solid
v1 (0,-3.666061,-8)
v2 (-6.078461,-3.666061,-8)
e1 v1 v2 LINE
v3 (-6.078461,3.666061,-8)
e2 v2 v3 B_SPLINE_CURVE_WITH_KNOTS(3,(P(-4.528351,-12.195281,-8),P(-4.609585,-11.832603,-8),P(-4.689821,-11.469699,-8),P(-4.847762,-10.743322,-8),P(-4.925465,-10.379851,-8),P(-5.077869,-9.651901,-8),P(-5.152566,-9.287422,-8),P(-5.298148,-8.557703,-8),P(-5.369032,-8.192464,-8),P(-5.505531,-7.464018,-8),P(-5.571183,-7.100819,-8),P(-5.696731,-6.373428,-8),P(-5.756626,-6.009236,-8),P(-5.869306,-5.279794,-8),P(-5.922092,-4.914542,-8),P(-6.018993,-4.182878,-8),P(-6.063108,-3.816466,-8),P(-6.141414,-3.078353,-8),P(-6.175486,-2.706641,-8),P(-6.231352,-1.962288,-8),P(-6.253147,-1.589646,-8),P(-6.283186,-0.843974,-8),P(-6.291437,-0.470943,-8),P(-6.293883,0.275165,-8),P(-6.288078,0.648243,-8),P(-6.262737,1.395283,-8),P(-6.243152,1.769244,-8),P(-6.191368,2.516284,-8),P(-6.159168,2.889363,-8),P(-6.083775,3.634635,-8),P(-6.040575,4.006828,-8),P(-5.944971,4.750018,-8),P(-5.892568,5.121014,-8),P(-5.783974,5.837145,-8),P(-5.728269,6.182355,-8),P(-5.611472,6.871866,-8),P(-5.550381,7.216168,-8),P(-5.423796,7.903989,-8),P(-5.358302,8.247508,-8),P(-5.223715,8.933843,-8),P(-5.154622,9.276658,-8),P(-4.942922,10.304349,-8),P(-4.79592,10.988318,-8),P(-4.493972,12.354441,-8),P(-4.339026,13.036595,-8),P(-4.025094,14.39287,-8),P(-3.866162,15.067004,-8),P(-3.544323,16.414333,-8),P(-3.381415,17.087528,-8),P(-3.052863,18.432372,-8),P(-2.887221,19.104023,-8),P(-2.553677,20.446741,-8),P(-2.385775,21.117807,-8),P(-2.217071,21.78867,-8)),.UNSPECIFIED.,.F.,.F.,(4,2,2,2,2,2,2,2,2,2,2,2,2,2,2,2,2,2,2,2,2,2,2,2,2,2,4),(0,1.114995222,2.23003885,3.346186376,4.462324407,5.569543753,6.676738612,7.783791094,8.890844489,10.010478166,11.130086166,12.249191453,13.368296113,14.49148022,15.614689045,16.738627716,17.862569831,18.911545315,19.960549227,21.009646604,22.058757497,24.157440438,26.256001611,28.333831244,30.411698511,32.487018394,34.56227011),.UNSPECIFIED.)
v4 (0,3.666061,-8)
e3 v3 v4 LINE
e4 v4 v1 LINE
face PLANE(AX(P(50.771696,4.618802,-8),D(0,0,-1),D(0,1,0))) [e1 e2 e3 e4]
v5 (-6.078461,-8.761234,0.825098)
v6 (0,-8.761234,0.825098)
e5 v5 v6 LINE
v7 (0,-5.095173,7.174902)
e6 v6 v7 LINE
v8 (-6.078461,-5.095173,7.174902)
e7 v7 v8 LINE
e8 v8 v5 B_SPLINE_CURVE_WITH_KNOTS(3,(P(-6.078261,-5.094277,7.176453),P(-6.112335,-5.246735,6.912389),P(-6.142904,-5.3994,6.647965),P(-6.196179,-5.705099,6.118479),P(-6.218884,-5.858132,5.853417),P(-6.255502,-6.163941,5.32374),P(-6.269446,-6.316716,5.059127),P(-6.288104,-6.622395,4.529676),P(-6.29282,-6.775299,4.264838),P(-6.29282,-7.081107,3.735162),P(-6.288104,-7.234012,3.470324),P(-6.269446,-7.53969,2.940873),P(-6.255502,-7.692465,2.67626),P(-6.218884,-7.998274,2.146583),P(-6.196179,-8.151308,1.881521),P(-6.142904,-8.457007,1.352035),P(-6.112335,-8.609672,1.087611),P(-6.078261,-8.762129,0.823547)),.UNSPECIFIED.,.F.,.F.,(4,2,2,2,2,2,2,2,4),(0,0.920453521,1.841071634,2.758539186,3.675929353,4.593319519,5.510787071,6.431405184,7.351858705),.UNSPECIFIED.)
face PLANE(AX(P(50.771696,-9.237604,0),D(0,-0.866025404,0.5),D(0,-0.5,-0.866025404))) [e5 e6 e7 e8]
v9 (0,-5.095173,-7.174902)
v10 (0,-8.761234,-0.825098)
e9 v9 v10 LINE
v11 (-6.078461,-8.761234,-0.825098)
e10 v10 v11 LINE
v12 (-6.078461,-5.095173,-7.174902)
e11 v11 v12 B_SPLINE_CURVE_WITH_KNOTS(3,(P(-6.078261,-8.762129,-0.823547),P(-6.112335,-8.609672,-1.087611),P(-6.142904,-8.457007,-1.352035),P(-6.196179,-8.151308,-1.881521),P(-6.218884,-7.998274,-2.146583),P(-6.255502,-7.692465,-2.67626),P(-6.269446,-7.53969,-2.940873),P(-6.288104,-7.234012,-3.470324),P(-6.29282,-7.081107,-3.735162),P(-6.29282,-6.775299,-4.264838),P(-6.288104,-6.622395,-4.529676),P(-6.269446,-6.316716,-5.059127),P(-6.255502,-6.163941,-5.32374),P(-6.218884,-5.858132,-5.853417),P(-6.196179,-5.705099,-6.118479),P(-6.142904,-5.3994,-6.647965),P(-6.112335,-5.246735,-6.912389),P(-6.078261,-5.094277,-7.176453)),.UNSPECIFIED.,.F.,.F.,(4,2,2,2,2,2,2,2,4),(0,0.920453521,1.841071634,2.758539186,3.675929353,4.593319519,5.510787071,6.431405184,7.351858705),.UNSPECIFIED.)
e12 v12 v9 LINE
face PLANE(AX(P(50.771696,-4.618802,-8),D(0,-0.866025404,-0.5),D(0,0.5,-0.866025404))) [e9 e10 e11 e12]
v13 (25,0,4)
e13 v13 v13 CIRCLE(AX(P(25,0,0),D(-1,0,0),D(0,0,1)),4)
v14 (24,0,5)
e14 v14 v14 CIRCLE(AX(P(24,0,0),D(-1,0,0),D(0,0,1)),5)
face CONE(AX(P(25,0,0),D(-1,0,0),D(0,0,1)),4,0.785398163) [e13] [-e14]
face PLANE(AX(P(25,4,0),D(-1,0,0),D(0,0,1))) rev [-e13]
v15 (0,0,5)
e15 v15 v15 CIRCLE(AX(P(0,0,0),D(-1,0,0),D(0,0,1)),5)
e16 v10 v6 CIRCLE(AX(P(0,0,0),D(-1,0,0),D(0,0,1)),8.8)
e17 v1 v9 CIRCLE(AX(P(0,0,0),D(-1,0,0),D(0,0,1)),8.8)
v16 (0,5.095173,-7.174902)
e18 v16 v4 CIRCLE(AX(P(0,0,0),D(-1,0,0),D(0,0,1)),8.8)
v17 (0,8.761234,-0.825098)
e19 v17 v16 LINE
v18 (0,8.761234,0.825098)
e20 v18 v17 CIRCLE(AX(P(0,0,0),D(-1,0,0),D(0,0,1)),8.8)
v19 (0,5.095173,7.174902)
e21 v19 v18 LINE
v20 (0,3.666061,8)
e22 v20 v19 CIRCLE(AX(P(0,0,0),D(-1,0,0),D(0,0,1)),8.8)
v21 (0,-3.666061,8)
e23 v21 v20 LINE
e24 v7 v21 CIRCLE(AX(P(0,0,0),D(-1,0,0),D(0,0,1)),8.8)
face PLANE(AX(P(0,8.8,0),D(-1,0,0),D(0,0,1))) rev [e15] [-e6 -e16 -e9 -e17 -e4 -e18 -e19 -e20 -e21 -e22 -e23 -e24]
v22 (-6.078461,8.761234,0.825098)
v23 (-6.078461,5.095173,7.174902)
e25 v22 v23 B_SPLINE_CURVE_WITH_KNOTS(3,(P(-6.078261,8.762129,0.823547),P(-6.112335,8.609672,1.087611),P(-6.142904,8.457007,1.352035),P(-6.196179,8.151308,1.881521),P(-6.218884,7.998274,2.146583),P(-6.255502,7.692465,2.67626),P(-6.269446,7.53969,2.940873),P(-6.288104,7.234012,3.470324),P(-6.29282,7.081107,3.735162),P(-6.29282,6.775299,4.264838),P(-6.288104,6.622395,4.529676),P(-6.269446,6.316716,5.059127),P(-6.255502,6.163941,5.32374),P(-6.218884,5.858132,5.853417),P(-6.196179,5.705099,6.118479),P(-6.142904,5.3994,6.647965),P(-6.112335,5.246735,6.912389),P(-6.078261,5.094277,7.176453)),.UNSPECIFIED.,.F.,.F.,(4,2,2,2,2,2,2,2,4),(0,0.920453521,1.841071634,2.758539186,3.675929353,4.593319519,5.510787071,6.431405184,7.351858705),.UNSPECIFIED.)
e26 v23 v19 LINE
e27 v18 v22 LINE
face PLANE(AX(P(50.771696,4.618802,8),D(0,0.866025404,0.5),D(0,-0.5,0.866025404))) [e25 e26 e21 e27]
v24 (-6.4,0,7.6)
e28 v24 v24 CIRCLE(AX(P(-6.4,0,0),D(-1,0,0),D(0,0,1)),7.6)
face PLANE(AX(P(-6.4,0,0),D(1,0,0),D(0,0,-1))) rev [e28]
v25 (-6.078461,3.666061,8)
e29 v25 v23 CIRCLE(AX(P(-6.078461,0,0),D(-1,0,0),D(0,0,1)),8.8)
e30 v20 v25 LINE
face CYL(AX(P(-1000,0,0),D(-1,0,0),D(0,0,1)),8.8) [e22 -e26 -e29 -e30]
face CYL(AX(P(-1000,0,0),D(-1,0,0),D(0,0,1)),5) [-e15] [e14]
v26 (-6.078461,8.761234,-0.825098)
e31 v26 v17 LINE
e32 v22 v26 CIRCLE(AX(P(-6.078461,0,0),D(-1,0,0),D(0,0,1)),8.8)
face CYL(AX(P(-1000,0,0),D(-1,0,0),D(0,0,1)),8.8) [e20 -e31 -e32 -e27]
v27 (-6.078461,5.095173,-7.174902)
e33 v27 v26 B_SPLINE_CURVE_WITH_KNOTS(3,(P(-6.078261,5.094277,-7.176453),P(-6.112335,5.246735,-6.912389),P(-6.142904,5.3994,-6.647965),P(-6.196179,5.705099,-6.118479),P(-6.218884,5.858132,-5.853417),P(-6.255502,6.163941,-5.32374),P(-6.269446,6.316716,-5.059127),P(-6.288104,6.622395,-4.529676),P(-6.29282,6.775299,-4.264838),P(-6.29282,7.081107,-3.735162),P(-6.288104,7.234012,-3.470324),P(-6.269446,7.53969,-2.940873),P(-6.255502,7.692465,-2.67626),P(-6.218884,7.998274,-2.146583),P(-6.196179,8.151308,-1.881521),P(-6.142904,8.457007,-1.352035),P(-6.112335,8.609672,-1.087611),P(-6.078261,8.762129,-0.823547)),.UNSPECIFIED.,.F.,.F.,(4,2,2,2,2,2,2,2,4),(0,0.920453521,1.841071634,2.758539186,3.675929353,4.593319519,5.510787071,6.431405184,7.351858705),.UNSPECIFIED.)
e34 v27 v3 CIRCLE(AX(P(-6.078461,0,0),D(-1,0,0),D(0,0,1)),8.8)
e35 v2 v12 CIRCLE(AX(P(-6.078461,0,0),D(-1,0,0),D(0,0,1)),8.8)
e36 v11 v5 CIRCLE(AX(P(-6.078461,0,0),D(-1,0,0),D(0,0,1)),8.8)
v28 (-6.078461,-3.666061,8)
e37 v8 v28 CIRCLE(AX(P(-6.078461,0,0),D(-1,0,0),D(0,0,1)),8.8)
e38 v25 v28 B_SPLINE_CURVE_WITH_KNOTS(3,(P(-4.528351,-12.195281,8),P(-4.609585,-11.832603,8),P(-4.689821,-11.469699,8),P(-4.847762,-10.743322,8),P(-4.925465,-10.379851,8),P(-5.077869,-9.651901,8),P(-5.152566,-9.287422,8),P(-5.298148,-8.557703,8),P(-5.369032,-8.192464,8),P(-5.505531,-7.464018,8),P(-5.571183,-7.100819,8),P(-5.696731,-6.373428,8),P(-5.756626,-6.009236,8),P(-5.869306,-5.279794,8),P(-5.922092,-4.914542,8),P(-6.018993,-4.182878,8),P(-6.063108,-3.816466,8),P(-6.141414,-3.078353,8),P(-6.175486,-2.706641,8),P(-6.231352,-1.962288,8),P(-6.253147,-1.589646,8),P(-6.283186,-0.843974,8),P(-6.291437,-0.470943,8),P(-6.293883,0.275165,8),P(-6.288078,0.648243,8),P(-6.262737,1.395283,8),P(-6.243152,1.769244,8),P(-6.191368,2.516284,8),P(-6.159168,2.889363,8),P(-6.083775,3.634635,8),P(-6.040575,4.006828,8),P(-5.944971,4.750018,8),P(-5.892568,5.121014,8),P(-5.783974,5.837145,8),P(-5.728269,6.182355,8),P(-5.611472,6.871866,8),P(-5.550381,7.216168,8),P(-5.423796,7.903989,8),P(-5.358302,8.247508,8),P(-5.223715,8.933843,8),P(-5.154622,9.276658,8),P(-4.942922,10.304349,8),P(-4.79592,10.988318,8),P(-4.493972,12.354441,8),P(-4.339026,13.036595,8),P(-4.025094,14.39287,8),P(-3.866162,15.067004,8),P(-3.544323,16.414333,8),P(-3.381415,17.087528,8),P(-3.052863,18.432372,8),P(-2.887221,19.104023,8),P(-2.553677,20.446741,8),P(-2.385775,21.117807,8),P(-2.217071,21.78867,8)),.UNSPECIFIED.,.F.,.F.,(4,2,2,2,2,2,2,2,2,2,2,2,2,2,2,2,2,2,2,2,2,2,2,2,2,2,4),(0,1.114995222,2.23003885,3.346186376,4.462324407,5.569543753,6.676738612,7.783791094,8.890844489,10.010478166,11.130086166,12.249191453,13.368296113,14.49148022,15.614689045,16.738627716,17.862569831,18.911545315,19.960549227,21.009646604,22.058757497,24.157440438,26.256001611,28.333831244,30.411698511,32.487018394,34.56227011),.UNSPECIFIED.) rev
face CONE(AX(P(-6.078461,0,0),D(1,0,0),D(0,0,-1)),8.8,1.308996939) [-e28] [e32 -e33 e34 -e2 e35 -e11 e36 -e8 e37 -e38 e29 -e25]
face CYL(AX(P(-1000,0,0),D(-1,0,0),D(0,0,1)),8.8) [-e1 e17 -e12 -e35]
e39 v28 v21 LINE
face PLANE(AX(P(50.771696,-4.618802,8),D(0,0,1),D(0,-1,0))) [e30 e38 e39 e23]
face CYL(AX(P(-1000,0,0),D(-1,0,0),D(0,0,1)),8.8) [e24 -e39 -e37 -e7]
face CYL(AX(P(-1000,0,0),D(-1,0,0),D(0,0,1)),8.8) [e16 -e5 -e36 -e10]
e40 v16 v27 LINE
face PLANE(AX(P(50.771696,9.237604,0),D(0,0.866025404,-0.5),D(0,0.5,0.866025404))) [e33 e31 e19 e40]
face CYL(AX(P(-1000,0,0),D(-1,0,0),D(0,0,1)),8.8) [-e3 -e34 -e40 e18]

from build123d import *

# Parameters (mm, degrees)
SKETCH_2_OUTSIDE_W  = 27.614
SKETCH_2_OUTSIDE_H  = 27.614
CUT_EXTRUDE_1_DEPTH = 31.4


with BuildPart() as part:
    # Эскиз1 → Повернуть1 (revolve)
    with BuildSketch(Plane.XY):
        Polygon((-6.4, 0), (-6.4, 7.6), (-6.078460969, 8.8), (0, 8.8), (0, 5), (24, 5), (25, 4), (25, 0), align=None)
    revolve(axis=Axis((-1000, 0, 0), (1, 0, 0)))

    # Эскиз2 outside → Вырез-Вытянуть1 (cut)
    with BuildSketch(Plane.ZY.offset(6.4)):
        Rectangle(SKETCH_2_OUTSIDE_W, SKETCH_2_OUTSIDE_H)
        Polygon((0, 9.237604307), (-8, 4.618802154), (-8, -4.618802154), (0, -9.237604307), (8, -4.618802154), (8, 4.618802154), align=None, mode=Mode.SUBTRACT)
    extrude(amount=-CUT_EXTRUDE_1_DEPTH, mode=Mode.SUBTRACT)


solid = part.part
